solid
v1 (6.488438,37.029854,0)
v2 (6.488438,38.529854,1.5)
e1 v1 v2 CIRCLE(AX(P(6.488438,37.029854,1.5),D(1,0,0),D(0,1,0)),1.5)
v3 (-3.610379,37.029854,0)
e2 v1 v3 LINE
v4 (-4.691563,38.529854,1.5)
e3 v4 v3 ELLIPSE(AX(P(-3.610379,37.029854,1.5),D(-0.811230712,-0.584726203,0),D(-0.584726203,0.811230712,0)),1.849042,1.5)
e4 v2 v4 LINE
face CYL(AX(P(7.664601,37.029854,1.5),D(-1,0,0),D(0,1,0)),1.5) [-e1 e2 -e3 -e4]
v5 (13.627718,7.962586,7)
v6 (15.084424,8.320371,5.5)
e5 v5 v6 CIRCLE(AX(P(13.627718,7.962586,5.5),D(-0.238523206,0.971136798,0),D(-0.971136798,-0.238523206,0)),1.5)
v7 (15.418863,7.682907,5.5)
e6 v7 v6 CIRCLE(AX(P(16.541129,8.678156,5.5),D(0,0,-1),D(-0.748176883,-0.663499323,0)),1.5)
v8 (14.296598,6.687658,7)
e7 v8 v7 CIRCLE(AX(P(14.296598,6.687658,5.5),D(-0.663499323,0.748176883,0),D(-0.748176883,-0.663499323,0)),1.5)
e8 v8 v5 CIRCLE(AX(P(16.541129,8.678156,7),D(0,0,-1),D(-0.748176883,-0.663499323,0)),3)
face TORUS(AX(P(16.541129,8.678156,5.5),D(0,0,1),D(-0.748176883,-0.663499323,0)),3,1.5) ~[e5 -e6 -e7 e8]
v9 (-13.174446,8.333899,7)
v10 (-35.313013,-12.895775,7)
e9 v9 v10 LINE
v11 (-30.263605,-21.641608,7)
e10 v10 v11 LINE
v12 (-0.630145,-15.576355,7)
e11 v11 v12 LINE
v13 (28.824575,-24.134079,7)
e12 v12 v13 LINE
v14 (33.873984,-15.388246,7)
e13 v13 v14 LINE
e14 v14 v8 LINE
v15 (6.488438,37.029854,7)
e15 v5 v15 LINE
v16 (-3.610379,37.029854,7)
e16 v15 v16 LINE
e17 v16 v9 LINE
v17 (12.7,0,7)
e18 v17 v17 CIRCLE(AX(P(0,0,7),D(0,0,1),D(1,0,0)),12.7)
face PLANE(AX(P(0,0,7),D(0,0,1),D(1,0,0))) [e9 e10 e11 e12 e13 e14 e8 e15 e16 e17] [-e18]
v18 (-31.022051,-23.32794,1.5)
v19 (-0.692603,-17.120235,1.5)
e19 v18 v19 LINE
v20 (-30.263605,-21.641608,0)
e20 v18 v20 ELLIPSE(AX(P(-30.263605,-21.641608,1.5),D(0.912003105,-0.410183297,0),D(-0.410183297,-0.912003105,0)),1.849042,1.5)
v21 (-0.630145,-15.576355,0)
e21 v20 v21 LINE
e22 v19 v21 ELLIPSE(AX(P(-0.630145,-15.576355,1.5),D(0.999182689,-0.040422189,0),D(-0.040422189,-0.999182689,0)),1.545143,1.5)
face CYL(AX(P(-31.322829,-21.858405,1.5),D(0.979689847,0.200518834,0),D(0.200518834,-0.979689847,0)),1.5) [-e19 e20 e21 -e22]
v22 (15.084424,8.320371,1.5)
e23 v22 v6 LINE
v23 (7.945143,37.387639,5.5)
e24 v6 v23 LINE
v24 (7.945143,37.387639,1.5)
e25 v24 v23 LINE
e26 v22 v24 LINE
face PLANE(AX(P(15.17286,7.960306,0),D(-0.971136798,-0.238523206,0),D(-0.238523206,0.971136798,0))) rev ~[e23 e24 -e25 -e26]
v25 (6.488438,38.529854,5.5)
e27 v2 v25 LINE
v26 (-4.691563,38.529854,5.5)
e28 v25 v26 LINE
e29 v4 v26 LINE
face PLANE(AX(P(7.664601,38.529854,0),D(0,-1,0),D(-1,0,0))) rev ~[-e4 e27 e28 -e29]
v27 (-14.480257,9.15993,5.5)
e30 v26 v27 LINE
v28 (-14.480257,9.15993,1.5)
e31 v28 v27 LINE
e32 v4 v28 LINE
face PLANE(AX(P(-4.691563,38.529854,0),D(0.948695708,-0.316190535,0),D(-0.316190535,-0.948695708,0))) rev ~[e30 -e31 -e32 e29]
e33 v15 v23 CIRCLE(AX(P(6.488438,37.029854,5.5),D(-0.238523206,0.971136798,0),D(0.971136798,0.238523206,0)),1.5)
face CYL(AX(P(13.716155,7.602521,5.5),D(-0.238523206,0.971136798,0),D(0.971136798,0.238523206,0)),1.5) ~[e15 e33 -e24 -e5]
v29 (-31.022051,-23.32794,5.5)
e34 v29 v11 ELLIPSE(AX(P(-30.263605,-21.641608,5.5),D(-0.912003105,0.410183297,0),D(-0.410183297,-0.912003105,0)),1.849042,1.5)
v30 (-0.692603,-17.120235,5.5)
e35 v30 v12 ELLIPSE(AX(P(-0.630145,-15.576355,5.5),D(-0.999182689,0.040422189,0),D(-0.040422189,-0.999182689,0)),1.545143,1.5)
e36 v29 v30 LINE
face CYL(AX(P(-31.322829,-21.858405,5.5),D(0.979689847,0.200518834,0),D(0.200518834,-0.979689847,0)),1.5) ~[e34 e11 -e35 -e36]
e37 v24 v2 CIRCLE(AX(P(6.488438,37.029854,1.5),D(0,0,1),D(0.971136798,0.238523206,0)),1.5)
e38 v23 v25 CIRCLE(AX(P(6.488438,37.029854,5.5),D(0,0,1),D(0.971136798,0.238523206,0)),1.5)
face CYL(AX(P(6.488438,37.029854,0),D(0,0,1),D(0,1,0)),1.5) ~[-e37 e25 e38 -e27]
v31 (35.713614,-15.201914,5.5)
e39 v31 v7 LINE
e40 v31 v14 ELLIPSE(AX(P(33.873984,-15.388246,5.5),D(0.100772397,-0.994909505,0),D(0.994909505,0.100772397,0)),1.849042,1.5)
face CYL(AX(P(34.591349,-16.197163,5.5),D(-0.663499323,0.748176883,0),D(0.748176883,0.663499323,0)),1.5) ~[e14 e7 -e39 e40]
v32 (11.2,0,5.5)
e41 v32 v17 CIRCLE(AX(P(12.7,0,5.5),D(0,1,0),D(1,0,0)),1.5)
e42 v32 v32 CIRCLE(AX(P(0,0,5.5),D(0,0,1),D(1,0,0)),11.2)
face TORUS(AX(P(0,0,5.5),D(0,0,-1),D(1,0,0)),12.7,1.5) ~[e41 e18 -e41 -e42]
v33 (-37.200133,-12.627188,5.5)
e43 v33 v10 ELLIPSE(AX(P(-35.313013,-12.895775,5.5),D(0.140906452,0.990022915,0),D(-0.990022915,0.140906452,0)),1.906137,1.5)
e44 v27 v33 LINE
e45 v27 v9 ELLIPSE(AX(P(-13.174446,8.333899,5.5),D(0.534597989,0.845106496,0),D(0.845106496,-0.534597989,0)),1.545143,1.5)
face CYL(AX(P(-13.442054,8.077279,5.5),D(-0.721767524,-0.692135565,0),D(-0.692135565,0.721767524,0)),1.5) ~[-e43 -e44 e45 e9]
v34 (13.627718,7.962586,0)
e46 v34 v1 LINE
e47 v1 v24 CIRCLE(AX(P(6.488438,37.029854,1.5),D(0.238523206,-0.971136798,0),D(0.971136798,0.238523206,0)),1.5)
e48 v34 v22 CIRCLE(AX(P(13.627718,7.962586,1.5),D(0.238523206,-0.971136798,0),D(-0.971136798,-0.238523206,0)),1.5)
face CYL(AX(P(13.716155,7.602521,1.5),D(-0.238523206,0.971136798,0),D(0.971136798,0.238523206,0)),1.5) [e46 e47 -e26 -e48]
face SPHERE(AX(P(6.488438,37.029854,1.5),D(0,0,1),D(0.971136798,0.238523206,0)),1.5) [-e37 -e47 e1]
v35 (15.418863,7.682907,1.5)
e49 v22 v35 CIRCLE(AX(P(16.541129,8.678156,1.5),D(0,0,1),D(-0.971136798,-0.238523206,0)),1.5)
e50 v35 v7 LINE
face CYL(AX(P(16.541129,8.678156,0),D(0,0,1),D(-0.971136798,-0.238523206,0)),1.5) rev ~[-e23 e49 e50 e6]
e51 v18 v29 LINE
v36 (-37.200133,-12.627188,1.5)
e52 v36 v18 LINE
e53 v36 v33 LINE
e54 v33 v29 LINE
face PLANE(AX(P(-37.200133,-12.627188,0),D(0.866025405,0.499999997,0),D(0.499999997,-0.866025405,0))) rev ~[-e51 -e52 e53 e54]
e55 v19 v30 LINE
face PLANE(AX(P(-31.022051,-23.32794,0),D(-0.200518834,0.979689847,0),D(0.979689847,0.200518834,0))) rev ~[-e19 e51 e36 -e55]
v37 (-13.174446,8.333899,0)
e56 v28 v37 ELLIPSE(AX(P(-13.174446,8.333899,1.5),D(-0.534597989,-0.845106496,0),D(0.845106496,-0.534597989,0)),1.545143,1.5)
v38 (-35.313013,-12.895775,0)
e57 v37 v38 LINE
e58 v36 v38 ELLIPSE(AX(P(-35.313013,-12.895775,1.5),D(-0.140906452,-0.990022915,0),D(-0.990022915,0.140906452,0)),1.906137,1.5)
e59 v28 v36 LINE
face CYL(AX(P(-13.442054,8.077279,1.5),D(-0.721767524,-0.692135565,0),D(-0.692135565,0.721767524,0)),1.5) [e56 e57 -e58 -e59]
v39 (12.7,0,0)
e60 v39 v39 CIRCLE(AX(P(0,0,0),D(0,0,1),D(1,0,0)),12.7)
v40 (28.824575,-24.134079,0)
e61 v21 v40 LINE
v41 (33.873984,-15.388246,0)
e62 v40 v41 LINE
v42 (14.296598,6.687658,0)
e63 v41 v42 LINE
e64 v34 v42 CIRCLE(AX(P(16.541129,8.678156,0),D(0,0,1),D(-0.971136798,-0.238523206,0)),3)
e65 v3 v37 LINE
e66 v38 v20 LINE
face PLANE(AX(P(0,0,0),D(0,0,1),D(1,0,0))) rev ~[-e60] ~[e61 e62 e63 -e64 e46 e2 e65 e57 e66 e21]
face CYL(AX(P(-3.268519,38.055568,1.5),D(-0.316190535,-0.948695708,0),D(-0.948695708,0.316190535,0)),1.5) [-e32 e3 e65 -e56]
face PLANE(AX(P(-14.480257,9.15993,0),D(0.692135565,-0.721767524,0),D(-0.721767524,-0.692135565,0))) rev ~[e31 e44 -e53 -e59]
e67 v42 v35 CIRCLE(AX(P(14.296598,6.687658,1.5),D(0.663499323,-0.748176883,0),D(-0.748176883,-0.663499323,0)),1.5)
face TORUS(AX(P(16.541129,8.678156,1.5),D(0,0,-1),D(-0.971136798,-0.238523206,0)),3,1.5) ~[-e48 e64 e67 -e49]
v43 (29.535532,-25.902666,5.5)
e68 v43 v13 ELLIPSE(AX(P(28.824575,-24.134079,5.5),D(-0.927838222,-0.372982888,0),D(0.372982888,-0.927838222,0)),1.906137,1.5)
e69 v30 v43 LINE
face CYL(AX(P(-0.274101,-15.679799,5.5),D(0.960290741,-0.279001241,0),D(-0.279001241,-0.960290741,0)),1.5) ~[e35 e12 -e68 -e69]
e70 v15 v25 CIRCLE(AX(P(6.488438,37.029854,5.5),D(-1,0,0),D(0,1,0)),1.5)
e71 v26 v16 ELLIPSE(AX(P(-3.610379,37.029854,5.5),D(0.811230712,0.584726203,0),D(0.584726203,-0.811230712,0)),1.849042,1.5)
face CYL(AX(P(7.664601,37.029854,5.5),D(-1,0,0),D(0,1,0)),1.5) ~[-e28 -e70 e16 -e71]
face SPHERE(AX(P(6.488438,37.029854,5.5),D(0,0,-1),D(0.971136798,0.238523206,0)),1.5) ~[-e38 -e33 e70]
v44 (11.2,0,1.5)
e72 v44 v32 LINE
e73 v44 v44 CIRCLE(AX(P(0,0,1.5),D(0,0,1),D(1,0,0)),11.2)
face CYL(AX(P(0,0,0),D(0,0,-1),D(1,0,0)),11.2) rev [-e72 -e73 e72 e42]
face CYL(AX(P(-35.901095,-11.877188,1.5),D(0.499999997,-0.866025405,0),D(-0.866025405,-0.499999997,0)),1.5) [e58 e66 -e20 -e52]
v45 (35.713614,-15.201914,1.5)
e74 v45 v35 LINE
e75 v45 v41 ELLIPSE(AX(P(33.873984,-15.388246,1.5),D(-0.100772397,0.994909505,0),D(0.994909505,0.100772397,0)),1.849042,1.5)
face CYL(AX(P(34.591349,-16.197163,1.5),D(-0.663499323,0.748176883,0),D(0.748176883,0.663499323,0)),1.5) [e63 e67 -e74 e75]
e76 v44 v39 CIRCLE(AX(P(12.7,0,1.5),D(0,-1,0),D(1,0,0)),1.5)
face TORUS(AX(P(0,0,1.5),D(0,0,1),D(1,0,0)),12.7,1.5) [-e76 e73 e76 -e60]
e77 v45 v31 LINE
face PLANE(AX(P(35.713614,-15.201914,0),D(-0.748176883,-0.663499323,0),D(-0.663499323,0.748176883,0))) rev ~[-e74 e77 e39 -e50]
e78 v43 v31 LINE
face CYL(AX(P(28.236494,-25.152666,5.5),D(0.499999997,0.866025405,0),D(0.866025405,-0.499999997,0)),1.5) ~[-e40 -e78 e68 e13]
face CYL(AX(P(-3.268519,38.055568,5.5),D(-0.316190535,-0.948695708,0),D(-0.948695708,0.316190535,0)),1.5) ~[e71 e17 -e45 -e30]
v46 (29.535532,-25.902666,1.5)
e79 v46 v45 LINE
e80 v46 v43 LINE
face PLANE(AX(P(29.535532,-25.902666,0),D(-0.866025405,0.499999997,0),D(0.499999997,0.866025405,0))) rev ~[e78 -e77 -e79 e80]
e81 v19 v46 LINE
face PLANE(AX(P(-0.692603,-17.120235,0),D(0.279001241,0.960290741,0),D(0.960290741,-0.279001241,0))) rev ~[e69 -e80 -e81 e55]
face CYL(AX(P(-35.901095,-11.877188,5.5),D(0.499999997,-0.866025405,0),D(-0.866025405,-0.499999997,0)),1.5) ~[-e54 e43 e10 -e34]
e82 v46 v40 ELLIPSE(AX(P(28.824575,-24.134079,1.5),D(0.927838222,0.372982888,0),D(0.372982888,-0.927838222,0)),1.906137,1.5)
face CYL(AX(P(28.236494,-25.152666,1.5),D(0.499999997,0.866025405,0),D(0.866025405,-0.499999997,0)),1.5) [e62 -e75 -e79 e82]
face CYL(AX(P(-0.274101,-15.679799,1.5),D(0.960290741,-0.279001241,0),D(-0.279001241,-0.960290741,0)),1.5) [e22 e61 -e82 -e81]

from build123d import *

# Parameters (mm, degrees)
F0_R     = 11.2
F1_DEPTH = 7
F2_R     = 1.5


with BuildPart() as f1:
    # F0 (on Top) → F1 (new body)
    with BuildSketch(Plane.XY):
        Polygon((-4.691563, 38.529854), (-14.480257, 9.15993), (-37.200133, -12.627188), (-31.022051, -23.32794), (-0.692603, -17.120235), (29.535532, -25.902666), (35.713614, -15.201914), (15.17286, 7.960306), (7.664601, 38.529854), align=None)
        Circle(F0_R, mode=Mode.SUBTRACT)
    extrude(amount=F1_DEPTH)

    # F2
    f2_edges = [f1.edges().sort_by_distance(p)[0] for p in [
        (-9.58591, 23.844892, 7),
        (-25.840195, -1.733629, 7),
        (-34.111092, -17.977564, 7),
        (14.421464, -21.511451, 7),
        (32.624573, -20.55229, 7),
        (25.443237, -3.620804, 7),
        (11.418731, 23.24508, 7),
        (1.486519, 38.529854, 7),
        (-15.857327, -20.224088, 7),
        (-11.2, 0, 7),
        (15.17286, 7.960306, 3.5),
        (7.664601, 38.529854, 3.5),
        (11.418731, 23.24508, 0),
        (14.421464, -21.511451, 0),
        (32.624573, -20.55229, 0),
        (25.443237, -3.620804, 0),
        (1.486519, 38.529854, 0),
        (-9.58591, 23.844892, 0),
        (-25.840195, -1.733629, 0),
        (-34.111092, -17.977564, 0),
        (-15.857327, -20.224088, 0),
        (-11.2, 0, 0),
    ]]
    fillet(f2_edges, radius=F2_R)


solid = f1.part
